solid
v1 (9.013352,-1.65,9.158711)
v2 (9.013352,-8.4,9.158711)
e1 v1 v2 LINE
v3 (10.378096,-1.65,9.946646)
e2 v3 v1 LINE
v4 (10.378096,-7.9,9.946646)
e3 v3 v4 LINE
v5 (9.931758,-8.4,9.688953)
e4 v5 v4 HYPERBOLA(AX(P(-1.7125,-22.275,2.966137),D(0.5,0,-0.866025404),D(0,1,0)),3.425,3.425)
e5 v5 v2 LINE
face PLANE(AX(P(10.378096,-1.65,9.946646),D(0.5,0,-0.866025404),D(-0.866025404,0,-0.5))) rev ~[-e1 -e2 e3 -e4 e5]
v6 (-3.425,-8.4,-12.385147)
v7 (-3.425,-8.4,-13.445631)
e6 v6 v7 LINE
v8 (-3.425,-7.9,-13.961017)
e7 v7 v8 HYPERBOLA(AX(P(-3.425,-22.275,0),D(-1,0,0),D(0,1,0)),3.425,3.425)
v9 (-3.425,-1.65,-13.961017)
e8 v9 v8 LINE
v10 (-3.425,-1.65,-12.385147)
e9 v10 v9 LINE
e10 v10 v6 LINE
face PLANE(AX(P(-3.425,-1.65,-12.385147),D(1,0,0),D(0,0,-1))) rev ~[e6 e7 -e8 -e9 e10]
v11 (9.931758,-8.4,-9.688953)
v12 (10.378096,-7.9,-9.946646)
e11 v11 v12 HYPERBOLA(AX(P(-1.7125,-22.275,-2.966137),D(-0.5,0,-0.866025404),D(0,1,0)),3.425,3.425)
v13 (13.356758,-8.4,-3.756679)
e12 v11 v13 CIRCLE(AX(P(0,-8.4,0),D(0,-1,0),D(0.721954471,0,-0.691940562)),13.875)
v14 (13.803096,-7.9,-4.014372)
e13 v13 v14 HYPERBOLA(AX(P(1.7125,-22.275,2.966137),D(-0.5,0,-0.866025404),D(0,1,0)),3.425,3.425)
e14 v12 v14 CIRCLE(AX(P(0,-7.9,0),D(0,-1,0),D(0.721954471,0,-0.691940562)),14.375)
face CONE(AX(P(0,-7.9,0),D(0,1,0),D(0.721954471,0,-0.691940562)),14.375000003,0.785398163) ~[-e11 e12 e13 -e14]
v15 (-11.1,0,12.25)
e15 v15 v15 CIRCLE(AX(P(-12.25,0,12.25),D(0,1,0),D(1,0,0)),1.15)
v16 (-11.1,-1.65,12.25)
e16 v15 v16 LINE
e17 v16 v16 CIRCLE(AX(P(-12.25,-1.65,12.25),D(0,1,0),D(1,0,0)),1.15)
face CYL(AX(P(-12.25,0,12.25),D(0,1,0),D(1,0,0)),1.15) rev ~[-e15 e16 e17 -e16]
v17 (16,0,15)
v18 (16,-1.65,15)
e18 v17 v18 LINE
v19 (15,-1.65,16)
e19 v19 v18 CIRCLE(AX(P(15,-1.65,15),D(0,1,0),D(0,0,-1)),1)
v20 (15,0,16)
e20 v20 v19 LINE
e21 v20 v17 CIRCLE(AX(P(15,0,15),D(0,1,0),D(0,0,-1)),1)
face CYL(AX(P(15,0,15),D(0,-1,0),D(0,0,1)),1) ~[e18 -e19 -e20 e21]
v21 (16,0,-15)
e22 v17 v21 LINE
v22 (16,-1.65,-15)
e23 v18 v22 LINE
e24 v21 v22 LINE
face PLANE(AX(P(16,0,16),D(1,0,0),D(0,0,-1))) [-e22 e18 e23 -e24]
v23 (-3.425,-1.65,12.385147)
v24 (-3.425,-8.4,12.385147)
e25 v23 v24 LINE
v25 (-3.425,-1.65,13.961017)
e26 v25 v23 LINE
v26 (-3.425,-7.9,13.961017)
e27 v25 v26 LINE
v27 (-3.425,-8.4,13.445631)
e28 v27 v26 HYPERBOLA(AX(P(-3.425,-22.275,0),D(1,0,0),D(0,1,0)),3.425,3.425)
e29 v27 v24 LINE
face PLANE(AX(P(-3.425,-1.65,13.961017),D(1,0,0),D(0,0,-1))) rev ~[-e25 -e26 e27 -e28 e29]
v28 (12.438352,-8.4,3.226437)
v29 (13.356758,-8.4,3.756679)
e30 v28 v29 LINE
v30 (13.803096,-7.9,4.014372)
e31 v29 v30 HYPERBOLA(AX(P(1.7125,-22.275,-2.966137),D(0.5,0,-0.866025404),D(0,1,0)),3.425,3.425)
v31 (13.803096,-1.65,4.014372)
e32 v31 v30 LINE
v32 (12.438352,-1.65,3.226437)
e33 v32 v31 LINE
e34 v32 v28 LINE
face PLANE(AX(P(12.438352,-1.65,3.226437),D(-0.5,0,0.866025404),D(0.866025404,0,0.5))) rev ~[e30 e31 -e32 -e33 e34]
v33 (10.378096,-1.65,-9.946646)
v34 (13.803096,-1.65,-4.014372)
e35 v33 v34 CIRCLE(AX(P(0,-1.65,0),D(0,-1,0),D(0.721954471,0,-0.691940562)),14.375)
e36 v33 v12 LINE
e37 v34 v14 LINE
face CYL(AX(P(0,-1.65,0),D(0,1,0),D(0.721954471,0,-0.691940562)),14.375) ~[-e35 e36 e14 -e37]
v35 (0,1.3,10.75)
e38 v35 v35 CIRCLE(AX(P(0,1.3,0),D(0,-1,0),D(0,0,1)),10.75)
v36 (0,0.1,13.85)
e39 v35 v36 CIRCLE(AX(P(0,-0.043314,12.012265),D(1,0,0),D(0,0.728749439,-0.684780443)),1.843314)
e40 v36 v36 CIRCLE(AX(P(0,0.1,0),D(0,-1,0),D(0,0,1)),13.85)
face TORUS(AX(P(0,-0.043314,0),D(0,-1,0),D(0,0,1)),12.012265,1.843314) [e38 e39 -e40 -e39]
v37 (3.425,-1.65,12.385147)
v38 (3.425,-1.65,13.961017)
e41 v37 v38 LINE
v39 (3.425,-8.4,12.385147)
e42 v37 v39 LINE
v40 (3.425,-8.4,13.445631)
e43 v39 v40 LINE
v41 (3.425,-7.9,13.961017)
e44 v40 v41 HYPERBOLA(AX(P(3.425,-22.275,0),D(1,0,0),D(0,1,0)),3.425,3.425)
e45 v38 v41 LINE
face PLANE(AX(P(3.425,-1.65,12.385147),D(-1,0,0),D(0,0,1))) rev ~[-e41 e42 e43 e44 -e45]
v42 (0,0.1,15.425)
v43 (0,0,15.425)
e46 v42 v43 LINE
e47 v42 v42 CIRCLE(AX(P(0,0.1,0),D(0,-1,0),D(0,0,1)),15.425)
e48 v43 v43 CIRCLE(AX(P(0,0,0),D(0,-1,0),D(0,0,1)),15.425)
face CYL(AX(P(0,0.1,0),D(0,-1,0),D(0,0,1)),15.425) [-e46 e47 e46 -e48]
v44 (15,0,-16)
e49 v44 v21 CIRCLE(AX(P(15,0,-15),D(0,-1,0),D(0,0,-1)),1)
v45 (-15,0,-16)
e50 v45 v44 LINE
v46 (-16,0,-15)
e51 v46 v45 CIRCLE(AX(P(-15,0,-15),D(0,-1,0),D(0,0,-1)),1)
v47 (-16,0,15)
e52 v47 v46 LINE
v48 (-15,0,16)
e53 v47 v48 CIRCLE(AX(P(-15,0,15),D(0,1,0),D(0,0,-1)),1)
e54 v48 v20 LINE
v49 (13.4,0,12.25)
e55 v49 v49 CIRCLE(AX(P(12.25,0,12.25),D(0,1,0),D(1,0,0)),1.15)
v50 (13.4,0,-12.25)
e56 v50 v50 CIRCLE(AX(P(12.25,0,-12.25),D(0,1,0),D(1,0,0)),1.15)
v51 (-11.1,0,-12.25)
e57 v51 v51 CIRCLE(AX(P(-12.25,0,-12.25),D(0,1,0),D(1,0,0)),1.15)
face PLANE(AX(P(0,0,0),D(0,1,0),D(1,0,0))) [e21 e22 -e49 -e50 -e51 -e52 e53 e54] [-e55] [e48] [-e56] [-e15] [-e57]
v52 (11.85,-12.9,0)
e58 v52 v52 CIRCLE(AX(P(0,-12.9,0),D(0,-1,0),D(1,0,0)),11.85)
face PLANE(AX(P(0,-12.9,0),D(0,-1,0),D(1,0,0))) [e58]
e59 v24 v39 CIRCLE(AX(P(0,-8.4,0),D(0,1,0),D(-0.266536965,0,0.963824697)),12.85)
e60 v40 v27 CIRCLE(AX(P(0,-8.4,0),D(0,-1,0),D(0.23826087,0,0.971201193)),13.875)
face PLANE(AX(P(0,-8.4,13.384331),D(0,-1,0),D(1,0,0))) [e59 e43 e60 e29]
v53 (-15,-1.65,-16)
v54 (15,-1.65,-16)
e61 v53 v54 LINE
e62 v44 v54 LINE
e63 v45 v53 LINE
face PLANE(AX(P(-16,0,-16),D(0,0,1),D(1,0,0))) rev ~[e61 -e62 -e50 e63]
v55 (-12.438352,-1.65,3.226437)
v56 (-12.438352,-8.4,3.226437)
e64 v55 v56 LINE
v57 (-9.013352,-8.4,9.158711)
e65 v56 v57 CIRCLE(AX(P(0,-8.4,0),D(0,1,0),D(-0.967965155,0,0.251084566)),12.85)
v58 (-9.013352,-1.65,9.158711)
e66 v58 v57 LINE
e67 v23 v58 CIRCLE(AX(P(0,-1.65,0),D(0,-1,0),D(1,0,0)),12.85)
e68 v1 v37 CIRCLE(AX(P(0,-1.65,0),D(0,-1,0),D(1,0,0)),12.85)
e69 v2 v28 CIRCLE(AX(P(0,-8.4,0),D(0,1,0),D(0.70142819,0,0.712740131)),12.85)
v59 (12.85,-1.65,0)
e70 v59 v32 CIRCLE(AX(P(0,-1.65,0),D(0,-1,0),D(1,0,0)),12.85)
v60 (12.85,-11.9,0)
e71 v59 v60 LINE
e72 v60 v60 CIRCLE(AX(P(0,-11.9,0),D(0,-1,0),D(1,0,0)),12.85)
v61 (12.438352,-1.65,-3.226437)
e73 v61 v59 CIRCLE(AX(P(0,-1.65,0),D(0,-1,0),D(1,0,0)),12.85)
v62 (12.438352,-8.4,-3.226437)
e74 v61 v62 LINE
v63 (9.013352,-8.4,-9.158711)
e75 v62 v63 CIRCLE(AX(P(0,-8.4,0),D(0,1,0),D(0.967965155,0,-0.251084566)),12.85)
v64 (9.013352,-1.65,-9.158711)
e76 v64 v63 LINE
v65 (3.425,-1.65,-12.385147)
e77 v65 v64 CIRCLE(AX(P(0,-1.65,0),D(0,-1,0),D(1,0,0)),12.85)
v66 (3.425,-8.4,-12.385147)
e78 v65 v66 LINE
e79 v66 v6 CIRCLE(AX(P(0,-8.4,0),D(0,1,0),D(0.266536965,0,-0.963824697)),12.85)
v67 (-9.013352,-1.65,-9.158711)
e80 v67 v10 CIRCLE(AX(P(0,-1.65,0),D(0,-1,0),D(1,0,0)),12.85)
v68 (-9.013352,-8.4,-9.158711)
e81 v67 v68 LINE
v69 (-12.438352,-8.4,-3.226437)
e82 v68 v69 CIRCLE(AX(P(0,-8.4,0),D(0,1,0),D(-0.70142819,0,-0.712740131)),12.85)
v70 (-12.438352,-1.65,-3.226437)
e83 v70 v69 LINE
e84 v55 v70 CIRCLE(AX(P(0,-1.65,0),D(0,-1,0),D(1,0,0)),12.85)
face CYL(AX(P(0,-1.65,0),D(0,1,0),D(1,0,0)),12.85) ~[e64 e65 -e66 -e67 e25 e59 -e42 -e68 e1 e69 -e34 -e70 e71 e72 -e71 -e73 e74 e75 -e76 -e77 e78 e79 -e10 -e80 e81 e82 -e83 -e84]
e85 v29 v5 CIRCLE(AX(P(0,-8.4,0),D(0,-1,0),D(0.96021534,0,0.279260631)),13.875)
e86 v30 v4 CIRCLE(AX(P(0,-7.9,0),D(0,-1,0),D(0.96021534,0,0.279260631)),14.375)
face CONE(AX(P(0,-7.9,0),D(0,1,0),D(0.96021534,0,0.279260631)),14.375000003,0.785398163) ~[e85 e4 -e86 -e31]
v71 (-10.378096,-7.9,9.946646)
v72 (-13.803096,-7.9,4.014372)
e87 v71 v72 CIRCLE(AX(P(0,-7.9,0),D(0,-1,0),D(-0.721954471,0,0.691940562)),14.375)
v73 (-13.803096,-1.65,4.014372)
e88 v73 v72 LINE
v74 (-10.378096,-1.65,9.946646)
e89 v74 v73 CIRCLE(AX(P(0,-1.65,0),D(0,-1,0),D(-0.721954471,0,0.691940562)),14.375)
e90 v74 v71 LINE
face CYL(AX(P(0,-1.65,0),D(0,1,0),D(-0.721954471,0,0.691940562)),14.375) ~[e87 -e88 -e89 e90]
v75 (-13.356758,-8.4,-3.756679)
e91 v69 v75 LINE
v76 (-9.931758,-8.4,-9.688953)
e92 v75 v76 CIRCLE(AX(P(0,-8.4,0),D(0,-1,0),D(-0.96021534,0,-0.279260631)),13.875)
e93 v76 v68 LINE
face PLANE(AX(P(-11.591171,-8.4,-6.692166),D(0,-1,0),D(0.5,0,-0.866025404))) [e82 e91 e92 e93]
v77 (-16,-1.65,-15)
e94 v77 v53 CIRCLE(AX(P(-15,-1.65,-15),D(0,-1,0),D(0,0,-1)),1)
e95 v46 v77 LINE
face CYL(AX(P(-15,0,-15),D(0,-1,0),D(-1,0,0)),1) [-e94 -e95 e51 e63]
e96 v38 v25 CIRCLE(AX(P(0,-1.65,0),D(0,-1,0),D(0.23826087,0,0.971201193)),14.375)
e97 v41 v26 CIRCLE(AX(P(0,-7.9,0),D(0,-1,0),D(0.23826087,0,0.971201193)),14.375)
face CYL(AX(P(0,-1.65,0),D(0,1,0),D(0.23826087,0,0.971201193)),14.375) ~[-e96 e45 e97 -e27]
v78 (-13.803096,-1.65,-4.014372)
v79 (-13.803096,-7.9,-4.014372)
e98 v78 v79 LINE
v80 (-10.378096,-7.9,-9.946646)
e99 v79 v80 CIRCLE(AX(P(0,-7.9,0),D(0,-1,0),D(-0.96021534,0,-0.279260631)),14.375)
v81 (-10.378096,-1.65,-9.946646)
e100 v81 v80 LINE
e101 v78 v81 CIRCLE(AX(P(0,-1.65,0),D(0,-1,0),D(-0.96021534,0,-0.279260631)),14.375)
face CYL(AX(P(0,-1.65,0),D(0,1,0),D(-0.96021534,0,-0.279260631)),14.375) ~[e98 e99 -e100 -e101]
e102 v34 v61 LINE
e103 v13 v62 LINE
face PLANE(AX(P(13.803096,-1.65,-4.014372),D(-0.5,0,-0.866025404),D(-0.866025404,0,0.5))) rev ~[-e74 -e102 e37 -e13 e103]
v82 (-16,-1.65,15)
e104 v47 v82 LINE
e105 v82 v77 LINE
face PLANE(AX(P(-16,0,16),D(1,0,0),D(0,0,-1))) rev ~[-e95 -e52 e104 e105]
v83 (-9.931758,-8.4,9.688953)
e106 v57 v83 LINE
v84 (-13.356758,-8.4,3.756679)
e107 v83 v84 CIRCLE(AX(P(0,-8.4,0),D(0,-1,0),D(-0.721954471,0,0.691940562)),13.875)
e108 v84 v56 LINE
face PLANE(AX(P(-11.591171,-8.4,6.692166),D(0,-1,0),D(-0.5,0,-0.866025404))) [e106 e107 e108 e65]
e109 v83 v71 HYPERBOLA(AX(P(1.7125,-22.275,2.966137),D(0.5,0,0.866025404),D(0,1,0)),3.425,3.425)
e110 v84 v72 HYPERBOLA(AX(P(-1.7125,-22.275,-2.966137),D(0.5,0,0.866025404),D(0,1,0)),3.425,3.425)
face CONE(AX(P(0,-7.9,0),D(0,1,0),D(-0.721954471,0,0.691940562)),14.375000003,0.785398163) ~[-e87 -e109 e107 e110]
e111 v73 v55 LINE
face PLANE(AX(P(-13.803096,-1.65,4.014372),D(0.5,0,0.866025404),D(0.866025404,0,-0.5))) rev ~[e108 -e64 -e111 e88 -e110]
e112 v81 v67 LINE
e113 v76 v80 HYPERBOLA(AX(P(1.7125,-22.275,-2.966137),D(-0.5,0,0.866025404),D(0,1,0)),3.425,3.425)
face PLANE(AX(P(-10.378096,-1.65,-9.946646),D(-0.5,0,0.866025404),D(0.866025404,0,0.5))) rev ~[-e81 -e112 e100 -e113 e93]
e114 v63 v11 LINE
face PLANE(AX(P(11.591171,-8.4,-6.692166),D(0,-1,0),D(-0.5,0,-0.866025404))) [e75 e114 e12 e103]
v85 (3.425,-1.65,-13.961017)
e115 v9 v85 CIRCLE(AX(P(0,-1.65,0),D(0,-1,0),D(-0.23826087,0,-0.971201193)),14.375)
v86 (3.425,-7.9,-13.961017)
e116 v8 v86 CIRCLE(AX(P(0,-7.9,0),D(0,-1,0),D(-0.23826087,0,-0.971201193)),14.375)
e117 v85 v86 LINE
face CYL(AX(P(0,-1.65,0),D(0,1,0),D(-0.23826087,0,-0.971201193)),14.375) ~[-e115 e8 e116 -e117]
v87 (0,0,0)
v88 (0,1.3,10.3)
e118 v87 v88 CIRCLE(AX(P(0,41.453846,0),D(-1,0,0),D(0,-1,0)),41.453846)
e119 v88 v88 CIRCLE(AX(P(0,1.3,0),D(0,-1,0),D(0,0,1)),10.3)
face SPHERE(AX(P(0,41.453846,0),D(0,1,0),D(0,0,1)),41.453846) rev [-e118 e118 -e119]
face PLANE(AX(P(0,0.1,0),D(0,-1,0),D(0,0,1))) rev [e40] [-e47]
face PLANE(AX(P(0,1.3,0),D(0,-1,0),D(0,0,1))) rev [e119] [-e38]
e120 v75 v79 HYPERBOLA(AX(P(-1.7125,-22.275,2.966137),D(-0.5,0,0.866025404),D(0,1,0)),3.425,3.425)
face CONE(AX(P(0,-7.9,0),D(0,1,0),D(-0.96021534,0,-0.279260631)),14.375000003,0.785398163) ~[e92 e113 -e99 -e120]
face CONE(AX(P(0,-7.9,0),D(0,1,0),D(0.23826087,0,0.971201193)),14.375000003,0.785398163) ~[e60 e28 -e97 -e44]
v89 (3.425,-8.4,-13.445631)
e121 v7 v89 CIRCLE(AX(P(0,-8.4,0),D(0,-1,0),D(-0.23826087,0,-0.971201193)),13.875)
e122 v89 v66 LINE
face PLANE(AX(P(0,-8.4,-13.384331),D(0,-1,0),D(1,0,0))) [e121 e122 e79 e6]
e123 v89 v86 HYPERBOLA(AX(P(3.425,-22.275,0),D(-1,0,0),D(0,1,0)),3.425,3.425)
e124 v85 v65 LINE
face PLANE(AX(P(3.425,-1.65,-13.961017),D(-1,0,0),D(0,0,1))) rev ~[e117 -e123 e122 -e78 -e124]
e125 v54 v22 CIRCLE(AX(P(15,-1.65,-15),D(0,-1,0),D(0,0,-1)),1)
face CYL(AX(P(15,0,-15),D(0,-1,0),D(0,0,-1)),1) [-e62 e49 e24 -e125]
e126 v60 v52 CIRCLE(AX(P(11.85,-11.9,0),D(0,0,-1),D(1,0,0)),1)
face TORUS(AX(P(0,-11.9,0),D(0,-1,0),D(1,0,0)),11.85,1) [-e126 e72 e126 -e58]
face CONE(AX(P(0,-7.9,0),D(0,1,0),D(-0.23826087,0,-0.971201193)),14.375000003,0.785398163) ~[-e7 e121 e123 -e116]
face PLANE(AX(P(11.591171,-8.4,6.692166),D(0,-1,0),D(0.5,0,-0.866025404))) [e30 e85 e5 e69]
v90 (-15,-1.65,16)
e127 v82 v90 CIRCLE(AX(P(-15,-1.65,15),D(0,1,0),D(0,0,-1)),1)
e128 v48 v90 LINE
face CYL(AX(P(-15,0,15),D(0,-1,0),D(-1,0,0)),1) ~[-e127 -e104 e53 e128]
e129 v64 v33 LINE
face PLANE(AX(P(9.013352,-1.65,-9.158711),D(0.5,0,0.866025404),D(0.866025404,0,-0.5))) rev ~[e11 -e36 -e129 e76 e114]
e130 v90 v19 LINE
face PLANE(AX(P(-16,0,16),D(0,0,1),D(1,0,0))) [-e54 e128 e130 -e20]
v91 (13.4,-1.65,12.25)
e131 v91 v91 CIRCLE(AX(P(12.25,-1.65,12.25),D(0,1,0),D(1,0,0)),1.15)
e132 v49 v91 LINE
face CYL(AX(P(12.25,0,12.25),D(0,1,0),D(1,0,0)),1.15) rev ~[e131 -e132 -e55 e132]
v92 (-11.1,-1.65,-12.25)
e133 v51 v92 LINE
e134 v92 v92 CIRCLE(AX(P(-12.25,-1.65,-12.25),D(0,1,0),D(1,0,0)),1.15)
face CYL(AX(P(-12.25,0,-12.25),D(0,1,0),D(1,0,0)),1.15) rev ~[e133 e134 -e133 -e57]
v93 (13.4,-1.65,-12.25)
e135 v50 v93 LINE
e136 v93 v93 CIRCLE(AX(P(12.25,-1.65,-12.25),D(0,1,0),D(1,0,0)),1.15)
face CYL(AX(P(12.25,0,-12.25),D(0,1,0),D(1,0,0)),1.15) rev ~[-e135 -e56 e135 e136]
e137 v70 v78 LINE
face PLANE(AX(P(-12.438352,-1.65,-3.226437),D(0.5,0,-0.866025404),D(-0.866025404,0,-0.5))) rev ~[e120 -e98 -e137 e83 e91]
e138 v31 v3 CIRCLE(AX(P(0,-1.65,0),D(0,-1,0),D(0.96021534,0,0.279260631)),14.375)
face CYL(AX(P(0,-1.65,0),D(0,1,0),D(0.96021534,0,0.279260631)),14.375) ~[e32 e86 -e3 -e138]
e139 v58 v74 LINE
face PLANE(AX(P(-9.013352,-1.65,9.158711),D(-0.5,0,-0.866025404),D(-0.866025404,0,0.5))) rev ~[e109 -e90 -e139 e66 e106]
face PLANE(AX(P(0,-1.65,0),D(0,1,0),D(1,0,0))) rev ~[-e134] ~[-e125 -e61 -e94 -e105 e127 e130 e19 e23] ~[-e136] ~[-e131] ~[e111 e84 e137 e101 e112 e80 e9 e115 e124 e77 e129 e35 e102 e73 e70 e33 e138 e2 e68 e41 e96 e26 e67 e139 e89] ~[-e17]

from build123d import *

# Parameters (mm, degrees)
SKETCH_1_W               = 32
SKETCH_1_H               = 32
EXTRUDE_1_DEPTH          = 1.65
SKETCH_3_R               = 12.85
EXTRUDE_2_DEPTH          = 11.25
EXTRUDE_3_DEPTH          = 6.75
PATTERN_CIRCULAR_1_COUNT = 6
FILLET_1_R               = 1
FILLET_2_R               = 1
SKETCH_4_R               = 1.15
CUT_EXTRUDE_2_DEPTH      = 27.04630492
CHAMFER_1_SIZE           = 0.5


with BuildPart() as part:
    # Эскиз1 → Бобышка-Вытянуть1 (new body)
    with BuildSketch(Plane(origin=(0, 0, 0), x_dir=(1, 0, 0), z_dir=(0, 1, 0))):
        Rectangle(SKETCH_1_W, SKETCH_1_H)
    extrude(amount=-EXTRUDE_1_DEPTH)

    # Эскиз2 → Повернуть2 (revolve)
    with BuildSketch(Plane(origin=(0, 0, 0), x_dir=(0, 0, -1), z_dir=(1, 0, 0))):
        with BuildLine():
            Line((0, -1.65), (0, 0))
            ThreePointArc((0, 0), (-5.190857347, 0.326284094), (-10.3, 1.3))
            Line((-10.3, 1.3), (-10.75, 1.3))
            ThreePointArc((-10.75, 1.3), (-12.677691027, 1.675701821), (-13.85, 0.1))
            Line((-13.85, 0.1), (-15.425, 0.1))
            Line((-15.425, 0.1), (-15.425, -1.65))
            Line((-15.425, -1.65), (0, -1.65))
        make_face()
    revolve(axis=Axis((0, 0, 0), (0, -1, 0)))

    # Эскиз3 → Бобышка-Вытянуть2 (add)
    with BuildSketch(Plane.XZ.offset(1.65)):
        Circle(SKETCH_3_R)
    extrude(amount=EXTRUDE_2_DEPTH)

    # Эскиз3<3> → Бобышка-Вытянуть3 (add)
    with BuildSketch(Plane.XZ.offset(1.65)):
        with BuildLine():
            ThreePointArc((-3.425, -13.961017155), (0, -14.375), (3.425, -13.961017155))
            Line((3.425, -13.961017155), (3.425, -12.385147355))
            ThreePointArc((3.425, -12.385147355), (0, -12.85), (-3.425, -12.385147355))
            Line((-3.425, -12.385147355), (-3.425, -13.961017155))
        make_face()
        with BuildLine():
            ThreePointArc((-3.425, 12.385147355), (0, 12.85), (3.425, 12.385147355))
            Line((3.425, 12.385147355), (3.425, 13.961017155))
            ThreePointArc((3.425, 13.961017155), (0, 14.375), (-3.425, 13.961017155))
            Line((-3.425, 13.961017155), (-3.425, 12.385147355))
        make_face()
    extrude_3 = extrude(amount=EXTRUDE_3_DEPTH)

    # Круговой массив1: Бобышка-Вытянуть3 ×6 about axis
    pattern_circular_1_axis = Axis((0, -12.9, 0), (0, 1, 0))
    for i in range(1, PATTERN_CIRCULAR_1_COUNT):
        add(extrude_3.rotate(pattern_circular_1_axis, i * 360 / PATTERN_CIRCULAR_1_COUNT))

    # Скругление1
    fillet_1_edges = [part.edges().sort_by_distance(p)[0] for p in [
        (16, -0.825, 16),
        (16, -0.825, -16),
        (-16, -0.825, -16),
        (-16, -0.825, 16),
    ]]
    fillet(fillet_1_edges, radius=FILLET_1_R)

    # Скругление2
    fillet_2_edges = [part.edges().sort_by_distance(p)[0] for p in [
        (-12.85, -12.9, 0),
    ]]
    fillet(fillet_2_edges, radius=FILLET_2_R)

    # Эскиз4 → Вырез-Вытянуть2 (cut, through all)
    with BuildSketch(Plane(origin=(0, 0, 0), x_dir=(1, 0, 0), z_dir=(0, 1, 0))):
        with Locations((-12.25, 12.25)):
            Circle(SKETCH_4_R)
        with Locations((12.25, 12.25)):
            Circle(SKETCH_4_R)
        with Locations((12.25, -12.25)):
            Circle(SKETCH_4_R)
        with Locations((-12.25, -12.25)):
            Circle(SKETCH_4_R)
    extrude(amount=-CUT_EXTRUDE_2_DEPTH, mode=Mode.SUBTRACT)

    # Фаска1
    chamfer_1_edges = [part.edges().sort_by_distance(p)[0] for p in [
        (0, -8.4, -14.375),
        (12.449115179, -8.4, -7.1875),
        (12.449115179, -8.4, 7.1875),
        (0, -8.4, 14.375),
        (-12.449115179, -8.4, 7.1875),
        (-12.449115179, -8.4, -7.1875),
    ]]
    chamfer(chamfer_1_edges, length=CHAMFER_1_SIZE)


solid = part.part
